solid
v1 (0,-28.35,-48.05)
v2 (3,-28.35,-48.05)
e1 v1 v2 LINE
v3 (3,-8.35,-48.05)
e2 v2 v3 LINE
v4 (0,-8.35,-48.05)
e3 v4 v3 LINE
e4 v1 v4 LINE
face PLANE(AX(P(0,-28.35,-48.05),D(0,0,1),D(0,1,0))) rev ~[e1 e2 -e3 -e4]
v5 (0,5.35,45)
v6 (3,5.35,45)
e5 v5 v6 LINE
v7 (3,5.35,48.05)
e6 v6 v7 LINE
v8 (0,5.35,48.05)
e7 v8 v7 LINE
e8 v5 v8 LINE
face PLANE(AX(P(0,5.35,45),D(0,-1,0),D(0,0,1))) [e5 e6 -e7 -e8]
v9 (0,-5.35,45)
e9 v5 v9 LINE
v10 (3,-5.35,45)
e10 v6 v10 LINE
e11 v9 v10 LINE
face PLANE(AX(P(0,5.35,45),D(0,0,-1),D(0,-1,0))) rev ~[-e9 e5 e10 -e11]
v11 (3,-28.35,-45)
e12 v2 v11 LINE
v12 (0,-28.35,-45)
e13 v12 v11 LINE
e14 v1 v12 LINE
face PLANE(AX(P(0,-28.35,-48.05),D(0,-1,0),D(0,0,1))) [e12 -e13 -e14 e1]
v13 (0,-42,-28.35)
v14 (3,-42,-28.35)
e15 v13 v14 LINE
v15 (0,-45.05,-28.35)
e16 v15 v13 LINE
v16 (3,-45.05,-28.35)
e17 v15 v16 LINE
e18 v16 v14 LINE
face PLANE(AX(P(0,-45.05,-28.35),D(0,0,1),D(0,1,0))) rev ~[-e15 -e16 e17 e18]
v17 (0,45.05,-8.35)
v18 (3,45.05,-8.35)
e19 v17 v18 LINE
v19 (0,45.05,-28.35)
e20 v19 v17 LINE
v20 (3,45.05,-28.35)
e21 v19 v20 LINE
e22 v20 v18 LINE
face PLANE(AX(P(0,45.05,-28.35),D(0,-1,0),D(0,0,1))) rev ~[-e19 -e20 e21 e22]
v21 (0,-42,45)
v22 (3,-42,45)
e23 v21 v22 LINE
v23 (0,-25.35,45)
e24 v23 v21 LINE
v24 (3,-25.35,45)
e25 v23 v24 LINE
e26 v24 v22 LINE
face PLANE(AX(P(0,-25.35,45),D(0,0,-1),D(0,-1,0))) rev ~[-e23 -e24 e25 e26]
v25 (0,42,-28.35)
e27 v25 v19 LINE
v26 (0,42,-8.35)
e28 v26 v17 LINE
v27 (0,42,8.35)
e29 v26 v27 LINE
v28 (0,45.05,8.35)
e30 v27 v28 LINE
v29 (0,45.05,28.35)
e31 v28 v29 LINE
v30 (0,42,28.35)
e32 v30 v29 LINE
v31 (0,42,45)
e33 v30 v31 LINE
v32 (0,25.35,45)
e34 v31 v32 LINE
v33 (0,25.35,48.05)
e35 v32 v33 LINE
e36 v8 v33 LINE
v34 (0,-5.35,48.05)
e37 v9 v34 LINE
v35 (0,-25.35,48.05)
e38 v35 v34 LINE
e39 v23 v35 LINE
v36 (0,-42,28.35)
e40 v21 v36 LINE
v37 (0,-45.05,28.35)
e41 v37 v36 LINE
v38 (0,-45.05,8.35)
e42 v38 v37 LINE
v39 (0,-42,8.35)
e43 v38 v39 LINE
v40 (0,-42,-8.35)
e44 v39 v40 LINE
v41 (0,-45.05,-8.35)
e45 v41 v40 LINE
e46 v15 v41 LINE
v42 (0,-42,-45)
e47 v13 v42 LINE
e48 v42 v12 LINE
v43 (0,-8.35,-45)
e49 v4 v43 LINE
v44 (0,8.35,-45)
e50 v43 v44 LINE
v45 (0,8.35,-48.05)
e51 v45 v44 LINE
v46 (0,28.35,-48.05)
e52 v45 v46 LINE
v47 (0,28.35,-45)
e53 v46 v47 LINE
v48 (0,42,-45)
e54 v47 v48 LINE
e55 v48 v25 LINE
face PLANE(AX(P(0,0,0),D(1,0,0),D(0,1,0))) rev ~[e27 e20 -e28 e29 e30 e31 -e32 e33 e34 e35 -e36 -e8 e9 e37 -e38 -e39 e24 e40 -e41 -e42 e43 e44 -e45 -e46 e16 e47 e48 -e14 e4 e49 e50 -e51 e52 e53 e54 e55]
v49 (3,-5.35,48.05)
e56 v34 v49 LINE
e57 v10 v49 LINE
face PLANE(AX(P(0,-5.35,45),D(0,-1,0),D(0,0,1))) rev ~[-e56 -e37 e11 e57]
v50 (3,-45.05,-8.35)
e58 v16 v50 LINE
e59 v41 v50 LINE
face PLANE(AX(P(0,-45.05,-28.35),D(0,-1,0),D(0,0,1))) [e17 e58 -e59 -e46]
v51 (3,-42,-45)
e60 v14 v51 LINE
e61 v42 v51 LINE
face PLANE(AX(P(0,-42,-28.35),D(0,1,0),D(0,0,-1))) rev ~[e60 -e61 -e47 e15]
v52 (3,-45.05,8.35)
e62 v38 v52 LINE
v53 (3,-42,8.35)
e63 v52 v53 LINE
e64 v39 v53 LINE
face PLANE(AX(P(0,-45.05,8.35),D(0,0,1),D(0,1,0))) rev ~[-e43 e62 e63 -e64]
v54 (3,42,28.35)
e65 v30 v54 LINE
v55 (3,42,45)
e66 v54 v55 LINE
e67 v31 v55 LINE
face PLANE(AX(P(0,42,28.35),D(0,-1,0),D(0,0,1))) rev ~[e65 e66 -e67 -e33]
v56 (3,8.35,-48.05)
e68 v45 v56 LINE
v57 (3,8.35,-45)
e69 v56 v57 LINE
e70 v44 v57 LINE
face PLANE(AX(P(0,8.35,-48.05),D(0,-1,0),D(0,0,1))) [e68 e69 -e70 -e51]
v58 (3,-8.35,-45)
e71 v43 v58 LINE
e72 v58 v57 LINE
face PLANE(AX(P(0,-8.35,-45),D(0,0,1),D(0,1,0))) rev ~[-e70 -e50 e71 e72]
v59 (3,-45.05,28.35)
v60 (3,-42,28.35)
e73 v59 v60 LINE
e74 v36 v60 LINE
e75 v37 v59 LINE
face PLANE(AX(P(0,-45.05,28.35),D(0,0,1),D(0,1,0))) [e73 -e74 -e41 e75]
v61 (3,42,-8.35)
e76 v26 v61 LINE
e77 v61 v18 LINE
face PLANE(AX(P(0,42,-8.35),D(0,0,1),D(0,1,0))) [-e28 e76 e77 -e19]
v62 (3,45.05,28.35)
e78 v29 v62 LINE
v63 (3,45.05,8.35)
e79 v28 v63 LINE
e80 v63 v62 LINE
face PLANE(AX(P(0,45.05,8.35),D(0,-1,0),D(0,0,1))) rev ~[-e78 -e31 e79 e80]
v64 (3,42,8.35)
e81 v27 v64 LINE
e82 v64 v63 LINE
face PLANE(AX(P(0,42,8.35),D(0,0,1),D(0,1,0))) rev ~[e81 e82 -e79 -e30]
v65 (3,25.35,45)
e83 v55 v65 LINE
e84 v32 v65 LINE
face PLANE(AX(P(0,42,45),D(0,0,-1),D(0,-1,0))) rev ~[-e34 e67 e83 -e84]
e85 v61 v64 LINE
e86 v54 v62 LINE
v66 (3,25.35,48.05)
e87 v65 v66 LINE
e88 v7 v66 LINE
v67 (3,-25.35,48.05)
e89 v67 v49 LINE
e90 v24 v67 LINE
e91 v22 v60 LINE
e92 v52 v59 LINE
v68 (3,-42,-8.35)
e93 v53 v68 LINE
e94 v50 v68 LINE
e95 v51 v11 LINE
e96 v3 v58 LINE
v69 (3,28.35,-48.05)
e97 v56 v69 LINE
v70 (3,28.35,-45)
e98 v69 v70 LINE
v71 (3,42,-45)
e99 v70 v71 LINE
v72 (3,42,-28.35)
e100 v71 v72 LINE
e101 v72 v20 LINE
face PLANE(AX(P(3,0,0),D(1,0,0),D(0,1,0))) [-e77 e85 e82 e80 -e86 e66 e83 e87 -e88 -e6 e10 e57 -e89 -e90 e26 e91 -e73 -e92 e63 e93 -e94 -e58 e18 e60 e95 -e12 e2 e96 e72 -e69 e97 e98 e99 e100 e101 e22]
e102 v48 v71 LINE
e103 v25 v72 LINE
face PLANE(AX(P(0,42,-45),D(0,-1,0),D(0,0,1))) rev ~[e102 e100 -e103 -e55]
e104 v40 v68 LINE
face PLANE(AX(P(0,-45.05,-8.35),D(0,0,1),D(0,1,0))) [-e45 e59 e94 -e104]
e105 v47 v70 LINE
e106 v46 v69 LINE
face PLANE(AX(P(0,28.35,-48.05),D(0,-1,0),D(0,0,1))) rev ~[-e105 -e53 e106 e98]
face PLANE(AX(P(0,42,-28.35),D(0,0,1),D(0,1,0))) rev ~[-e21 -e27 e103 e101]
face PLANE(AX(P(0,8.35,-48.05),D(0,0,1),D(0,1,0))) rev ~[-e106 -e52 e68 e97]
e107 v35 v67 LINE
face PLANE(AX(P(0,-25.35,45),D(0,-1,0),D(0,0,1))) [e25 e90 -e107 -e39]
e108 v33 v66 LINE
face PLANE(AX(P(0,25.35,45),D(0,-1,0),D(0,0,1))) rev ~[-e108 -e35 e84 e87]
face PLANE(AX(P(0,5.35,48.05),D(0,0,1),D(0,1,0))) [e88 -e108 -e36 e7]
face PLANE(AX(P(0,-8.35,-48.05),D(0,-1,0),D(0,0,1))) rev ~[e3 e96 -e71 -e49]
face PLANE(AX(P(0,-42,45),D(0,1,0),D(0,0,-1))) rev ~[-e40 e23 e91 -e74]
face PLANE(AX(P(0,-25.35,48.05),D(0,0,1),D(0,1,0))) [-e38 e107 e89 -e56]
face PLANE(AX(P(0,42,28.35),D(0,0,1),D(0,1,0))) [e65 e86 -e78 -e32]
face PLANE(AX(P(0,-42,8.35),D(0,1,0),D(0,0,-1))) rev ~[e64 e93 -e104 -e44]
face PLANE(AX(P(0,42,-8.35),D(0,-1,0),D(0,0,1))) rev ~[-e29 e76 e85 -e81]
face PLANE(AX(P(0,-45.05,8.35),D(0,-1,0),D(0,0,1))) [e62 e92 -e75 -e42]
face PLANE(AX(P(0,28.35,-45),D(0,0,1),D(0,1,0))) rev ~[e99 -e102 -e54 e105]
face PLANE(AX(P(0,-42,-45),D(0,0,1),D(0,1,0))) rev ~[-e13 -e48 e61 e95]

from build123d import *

# Parameters (mm, degrees)
F0_W     = 3.05
F0_H     = 20
F0_W_2   = 20
F0_H_2   = 3.05
F1_DEPTH = 3


with BuildPart() as f1:
    # F0 (on Right) → F1 (new body)
    with BuildSketch(Plane.YZ):
        Polygon((28.35, -45), (42, -45), (42, -28.35), (42, -8.35), (42, 8.35), (42, 28.35), (42, 45), (25.35, 45), (5.35, 45), (-5.35, 45), (-25.35, 45), (-42, 45), (-42, 28.35), (-42, 8.35), (-42, -8.35), (-42, -28.35), (-42, -45), (-28.35, -45), (-8.35, -45), (8.35, -45), align=None)
        with Locations((-43.525, 18.35)):
            Rectangle(F0_W, F0_H)
        with Locations((-43.525, -18.35)):
            Rectangle(F0_W, F0_H)
        with Locations((-18.35, -46.525)):
            Rectangle(F0_W_2, F0_H_2)
        with Locations((18.35, -46.525)):
            Rectangle(F0_W_2, F0_H_2)
        with Locations((43.525, -18.35)):
            Rectangle(F0_W, F0_H)
        with Locations((43.525, 18.35)):
            Rectangle(F0_W, F0_H)
        with Locations((15.35, 46.525)):
            Rectangle(F0_W_2, F0_H_2)
        with Locations((-15.35, 46.525)):
            Rectangle(F0_W_2, F0_H_2)
    extrude(amount=F1_DEPTH)


solid = f1.part
